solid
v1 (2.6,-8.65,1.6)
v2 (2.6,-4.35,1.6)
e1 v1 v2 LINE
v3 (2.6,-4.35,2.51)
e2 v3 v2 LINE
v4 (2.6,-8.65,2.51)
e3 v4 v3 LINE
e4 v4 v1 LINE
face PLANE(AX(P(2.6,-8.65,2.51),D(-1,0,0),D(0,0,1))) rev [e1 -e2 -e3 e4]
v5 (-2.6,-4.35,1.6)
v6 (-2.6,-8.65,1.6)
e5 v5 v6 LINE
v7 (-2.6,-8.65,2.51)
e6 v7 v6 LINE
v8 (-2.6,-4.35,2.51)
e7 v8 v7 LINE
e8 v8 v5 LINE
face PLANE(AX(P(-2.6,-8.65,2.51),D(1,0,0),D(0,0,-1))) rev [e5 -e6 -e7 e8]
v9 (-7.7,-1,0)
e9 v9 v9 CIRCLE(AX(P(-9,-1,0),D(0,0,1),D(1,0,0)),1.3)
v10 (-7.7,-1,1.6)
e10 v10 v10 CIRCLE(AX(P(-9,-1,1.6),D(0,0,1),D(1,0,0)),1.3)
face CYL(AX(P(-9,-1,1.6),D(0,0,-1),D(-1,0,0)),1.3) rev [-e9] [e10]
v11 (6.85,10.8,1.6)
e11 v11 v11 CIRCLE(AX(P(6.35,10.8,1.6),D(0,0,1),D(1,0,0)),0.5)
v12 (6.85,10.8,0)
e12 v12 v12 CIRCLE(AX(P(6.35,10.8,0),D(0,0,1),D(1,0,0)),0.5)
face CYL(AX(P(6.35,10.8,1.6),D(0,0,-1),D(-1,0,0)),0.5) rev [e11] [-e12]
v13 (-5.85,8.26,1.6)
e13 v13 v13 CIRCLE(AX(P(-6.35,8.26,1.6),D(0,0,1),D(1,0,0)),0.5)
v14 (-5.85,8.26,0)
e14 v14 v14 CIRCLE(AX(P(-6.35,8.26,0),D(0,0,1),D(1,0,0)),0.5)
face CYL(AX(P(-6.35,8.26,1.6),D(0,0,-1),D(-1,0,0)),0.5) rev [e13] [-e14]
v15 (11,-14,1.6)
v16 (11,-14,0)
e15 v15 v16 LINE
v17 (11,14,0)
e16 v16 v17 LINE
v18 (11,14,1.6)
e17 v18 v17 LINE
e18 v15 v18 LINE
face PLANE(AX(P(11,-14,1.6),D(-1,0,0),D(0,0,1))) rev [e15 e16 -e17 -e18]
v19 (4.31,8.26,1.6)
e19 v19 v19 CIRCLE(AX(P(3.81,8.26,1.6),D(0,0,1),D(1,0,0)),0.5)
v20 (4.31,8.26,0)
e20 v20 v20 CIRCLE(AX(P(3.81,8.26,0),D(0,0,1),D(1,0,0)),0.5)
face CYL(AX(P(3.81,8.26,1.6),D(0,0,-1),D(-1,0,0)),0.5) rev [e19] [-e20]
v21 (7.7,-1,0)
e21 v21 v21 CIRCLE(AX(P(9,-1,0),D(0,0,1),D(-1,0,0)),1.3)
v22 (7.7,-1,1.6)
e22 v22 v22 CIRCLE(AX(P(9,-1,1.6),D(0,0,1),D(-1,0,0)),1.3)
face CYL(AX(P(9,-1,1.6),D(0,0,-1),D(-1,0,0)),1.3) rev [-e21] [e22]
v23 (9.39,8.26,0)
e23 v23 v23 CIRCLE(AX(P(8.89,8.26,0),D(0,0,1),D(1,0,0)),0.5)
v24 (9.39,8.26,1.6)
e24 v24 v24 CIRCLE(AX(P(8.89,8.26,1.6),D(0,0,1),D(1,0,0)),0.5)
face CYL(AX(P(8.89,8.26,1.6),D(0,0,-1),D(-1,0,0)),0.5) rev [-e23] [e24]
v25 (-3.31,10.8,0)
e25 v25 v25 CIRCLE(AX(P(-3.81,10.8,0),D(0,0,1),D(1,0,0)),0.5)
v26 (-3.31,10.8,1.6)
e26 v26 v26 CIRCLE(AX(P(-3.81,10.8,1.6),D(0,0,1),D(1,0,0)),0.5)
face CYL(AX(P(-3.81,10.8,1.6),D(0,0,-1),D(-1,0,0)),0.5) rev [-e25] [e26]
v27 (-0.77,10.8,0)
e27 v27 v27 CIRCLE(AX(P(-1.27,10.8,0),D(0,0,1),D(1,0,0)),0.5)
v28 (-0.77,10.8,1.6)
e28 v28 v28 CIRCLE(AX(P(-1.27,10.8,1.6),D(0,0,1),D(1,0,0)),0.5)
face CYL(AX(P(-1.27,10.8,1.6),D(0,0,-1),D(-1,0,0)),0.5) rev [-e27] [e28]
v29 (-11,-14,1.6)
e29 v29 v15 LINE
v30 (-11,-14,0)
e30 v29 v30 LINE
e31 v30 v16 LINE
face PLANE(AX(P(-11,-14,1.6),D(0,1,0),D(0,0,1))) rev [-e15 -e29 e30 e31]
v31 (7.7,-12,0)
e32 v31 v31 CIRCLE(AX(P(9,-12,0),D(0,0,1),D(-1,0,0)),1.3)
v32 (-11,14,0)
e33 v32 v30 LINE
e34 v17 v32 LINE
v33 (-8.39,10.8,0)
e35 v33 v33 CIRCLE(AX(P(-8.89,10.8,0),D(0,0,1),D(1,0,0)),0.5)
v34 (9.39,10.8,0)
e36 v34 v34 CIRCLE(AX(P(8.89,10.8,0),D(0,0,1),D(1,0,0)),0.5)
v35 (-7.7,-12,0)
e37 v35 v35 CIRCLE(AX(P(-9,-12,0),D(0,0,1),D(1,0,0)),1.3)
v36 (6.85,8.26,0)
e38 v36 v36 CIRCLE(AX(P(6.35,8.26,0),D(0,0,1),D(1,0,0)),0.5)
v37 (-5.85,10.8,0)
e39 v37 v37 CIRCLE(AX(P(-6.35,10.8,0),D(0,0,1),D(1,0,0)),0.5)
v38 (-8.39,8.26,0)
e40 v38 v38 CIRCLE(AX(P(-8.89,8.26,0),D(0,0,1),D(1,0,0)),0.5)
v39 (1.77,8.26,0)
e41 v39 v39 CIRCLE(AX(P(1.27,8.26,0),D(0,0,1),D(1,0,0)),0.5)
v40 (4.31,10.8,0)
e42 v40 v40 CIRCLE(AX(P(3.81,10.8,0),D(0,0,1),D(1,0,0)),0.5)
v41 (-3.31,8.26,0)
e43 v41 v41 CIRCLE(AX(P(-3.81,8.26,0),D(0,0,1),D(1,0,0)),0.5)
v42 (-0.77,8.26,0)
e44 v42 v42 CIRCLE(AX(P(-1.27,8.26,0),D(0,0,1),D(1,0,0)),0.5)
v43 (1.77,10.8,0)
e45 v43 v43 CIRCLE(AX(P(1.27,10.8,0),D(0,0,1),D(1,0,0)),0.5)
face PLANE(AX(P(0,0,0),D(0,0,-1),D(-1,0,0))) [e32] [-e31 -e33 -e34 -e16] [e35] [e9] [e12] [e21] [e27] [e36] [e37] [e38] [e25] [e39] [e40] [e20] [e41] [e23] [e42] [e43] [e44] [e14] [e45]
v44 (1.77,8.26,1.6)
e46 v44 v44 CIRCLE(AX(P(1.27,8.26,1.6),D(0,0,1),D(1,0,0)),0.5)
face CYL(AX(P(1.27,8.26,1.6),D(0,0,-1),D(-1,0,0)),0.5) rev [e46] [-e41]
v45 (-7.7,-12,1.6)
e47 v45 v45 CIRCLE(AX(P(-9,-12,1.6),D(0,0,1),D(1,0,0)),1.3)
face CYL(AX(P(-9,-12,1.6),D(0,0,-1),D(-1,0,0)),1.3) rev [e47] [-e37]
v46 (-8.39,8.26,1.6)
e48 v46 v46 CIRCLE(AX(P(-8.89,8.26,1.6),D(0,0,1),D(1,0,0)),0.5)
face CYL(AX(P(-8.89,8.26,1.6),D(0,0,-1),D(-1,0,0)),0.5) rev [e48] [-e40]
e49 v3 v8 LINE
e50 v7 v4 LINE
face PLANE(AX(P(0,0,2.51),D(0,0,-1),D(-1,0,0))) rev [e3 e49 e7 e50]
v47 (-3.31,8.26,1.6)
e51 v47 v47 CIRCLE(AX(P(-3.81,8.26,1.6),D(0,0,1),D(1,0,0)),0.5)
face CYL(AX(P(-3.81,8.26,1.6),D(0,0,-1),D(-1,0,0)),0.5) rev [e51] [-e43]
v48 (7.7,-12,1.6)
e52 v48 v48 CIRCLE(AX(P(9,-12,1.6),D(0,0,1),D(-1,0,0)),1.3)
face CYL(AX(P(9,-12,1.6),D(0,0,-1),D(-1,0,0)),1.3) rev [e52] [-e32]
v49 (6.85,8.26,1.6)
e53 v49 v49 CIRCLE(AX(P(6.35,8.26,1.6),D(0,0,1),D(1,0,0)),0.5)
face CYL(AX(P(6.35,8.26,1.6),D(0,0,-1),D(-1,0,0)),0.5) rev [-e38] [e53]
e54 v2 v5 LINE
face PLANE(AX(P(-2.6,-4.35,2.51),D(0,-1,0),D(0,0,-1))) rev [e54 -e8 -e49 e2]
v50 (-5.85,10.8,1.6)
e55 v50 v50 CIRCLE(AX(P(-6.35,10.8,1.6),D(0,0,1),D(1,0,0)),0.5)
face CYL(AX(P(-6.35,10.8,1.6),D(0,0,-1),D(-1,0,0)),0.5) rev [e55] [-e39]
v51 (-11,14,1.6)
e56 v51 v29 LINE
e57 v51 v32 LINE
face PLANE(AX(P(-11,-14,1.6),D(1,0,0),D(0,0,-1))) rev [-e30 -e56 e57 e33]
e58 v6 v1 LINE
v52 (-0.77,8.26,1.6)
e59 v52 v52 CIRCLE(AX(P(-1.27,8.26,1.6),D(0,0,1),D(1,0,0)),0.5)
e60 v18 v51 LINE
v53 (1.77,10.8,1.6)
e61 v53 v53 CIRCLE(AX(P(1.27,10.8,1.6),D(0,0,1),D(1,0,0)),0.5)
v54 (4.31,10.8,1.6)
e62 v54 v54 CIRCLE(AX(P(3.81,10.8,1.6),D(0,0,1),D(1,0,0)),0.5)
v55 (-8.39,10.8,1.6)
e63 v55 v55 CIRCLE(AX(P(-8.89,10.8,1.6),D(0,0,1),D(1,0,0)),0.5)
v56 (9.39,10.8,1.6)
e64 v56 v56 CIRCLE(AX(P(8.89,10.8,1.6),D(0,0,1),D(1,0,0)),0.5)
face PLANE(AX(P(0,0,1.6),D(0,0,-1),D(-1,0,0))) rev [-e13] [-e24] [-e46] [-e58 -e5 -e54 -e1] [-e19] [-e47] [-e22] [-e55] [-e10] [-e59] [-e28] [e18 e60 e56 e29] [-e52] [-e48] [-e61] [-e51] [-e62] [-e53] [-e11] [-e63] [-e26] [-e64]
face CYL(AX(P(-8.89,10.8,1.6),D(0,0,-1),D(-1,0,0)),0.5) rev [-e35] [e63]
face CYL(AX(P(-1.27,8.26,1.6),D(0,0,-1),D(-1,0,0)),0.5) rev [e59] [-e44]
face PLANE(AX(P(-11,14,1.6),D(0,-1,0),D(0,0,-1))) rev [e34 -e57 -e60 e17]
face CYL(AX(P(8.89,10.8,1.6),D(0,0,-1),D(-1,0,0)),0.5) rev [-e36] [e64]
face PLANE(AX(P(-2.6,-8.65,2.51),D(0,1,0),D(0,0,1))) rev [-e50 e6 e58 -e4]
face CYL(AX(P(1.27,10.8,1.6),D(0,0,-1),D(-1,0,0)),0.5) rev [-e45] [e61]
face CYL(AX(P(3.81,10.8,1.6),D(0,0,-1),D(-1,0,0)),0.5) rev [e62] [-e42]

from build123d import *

# Parameters (mm, degrees)
SKETCH_1_W      = 22
SKETCH_1_H      = 28
SKETCH_1_R      = 1.3
SKETCH_1_R_2    = 0.5
EXTRUDE_1_DEPTH = 1.6
SKETCH_2_W      = 5.2
SKETCH_2_H      = 4.3
EXTRUDE_2_DEPTH = 0.91


with BuildPart() as part:
    # 草图1 → 凸台-拉伸1 (new body)
    with BuildSketch(Plane.XY):
        Rectangle(SKETCH_1_W, SKETCH_1_H)
        with Locations((-9, -1)):
            Circle(SKETCH_1_R, mode=Mode.SUBTRACT)
        with Locations((-9, -12)):
            Circle(SKETCH_1_R, mode=Mode.SUBTRACT)
        with Locations(Location((9, -12, 0), (0, 0, 180))):
            Circle(SKETCH_1_R, mode=Mode.SUBTRACT)
        with Locations(Location((9, -1, 0), (0, 0, 180))):
            Circle(SKETCH_1_R, mode=Mode.SUBTRACT)
        with Locations((-8.89, 10.8)):
            Circle(SKETCH_1_R_2, mode=Mode.SUBTRACT)
        with Locations((-6.35, 10.8)):
            Circle(SKETCH_1_R_2, mode=Mode.SUBTRACT)
        with Locations((-3.81, 10.8)):
            Circle(SKETCH_1_R_2, mode=Mode.SUBTRACT)
        with Locations((-1.27, 10.8)):
            Circle(SKETCH_1_R_2, mode=Mode.SUBTRACT)
        with Locations((1.27, 10.8)):
            Circle(SKETCH_1_R_2, mode=Mode.SUBTRACT)
        with Locations((3.81, 10.8)):
            Circle(SKETCH_1_R_2, mode=Mode.SUBTRACT)
        with Locations((6.35, 10.8)):
            Circle(SKETCH_1_R_2, mode=Mode.SUBTRACT)
        with Locations((8.89, 10.8)):
            Circle(SKETCH_1_R_2, mode=Mode.SUBTRACT)
        with Locations((-6.35, 8.26)):
            Circle(SKETCH_1_R_2, mode=Mode.SUBTRACT)
        with Locations((-3.81, 8.26)):
            Circle(SKETCH_1_R_2, mode=Mode.SUBTRACT)
        with Locations((-1.27, 8.26)):
            Circle(SKETCH_1_R_2, mode=Mode.SUBTRACT)
        with Locations((1.27, 8.26)):
            Circle(SKETCH_1_R_2, mode=Mode.SUBTRACT)
        with Locations((3.81, 8.26)):
            Circle(SKETCH_1_R_2, mode=Mode.SUBTRACT)
        with Locations((6.35, 8.26)):
            Circle(SKETCH_1_R_2, mode=Mode.SUBTRACT)
        with Locations((8.89, 8.26)):
            Circle(SKETCH_1_R_2, mode=Mode.SUBTRACT)
        with Locations((-8.89, 8.26)):
            Circle(SKETCH_1_R_2, mode=Mode.SUBTRACT)
    extrude(amount=EXTRUDE_1_DEPTH)

    # 草图2 → 凸台-拉伸2 (add)
    with BuildSketch(Plane.XY.offset(1.6)):
        with Locations((0, -6.5)):
            Rectangle(SKETCH_2_W, SKETCH_2_H)
    extrude(amount=EXTRUDE_2_DEPTH)


solid = part.part
